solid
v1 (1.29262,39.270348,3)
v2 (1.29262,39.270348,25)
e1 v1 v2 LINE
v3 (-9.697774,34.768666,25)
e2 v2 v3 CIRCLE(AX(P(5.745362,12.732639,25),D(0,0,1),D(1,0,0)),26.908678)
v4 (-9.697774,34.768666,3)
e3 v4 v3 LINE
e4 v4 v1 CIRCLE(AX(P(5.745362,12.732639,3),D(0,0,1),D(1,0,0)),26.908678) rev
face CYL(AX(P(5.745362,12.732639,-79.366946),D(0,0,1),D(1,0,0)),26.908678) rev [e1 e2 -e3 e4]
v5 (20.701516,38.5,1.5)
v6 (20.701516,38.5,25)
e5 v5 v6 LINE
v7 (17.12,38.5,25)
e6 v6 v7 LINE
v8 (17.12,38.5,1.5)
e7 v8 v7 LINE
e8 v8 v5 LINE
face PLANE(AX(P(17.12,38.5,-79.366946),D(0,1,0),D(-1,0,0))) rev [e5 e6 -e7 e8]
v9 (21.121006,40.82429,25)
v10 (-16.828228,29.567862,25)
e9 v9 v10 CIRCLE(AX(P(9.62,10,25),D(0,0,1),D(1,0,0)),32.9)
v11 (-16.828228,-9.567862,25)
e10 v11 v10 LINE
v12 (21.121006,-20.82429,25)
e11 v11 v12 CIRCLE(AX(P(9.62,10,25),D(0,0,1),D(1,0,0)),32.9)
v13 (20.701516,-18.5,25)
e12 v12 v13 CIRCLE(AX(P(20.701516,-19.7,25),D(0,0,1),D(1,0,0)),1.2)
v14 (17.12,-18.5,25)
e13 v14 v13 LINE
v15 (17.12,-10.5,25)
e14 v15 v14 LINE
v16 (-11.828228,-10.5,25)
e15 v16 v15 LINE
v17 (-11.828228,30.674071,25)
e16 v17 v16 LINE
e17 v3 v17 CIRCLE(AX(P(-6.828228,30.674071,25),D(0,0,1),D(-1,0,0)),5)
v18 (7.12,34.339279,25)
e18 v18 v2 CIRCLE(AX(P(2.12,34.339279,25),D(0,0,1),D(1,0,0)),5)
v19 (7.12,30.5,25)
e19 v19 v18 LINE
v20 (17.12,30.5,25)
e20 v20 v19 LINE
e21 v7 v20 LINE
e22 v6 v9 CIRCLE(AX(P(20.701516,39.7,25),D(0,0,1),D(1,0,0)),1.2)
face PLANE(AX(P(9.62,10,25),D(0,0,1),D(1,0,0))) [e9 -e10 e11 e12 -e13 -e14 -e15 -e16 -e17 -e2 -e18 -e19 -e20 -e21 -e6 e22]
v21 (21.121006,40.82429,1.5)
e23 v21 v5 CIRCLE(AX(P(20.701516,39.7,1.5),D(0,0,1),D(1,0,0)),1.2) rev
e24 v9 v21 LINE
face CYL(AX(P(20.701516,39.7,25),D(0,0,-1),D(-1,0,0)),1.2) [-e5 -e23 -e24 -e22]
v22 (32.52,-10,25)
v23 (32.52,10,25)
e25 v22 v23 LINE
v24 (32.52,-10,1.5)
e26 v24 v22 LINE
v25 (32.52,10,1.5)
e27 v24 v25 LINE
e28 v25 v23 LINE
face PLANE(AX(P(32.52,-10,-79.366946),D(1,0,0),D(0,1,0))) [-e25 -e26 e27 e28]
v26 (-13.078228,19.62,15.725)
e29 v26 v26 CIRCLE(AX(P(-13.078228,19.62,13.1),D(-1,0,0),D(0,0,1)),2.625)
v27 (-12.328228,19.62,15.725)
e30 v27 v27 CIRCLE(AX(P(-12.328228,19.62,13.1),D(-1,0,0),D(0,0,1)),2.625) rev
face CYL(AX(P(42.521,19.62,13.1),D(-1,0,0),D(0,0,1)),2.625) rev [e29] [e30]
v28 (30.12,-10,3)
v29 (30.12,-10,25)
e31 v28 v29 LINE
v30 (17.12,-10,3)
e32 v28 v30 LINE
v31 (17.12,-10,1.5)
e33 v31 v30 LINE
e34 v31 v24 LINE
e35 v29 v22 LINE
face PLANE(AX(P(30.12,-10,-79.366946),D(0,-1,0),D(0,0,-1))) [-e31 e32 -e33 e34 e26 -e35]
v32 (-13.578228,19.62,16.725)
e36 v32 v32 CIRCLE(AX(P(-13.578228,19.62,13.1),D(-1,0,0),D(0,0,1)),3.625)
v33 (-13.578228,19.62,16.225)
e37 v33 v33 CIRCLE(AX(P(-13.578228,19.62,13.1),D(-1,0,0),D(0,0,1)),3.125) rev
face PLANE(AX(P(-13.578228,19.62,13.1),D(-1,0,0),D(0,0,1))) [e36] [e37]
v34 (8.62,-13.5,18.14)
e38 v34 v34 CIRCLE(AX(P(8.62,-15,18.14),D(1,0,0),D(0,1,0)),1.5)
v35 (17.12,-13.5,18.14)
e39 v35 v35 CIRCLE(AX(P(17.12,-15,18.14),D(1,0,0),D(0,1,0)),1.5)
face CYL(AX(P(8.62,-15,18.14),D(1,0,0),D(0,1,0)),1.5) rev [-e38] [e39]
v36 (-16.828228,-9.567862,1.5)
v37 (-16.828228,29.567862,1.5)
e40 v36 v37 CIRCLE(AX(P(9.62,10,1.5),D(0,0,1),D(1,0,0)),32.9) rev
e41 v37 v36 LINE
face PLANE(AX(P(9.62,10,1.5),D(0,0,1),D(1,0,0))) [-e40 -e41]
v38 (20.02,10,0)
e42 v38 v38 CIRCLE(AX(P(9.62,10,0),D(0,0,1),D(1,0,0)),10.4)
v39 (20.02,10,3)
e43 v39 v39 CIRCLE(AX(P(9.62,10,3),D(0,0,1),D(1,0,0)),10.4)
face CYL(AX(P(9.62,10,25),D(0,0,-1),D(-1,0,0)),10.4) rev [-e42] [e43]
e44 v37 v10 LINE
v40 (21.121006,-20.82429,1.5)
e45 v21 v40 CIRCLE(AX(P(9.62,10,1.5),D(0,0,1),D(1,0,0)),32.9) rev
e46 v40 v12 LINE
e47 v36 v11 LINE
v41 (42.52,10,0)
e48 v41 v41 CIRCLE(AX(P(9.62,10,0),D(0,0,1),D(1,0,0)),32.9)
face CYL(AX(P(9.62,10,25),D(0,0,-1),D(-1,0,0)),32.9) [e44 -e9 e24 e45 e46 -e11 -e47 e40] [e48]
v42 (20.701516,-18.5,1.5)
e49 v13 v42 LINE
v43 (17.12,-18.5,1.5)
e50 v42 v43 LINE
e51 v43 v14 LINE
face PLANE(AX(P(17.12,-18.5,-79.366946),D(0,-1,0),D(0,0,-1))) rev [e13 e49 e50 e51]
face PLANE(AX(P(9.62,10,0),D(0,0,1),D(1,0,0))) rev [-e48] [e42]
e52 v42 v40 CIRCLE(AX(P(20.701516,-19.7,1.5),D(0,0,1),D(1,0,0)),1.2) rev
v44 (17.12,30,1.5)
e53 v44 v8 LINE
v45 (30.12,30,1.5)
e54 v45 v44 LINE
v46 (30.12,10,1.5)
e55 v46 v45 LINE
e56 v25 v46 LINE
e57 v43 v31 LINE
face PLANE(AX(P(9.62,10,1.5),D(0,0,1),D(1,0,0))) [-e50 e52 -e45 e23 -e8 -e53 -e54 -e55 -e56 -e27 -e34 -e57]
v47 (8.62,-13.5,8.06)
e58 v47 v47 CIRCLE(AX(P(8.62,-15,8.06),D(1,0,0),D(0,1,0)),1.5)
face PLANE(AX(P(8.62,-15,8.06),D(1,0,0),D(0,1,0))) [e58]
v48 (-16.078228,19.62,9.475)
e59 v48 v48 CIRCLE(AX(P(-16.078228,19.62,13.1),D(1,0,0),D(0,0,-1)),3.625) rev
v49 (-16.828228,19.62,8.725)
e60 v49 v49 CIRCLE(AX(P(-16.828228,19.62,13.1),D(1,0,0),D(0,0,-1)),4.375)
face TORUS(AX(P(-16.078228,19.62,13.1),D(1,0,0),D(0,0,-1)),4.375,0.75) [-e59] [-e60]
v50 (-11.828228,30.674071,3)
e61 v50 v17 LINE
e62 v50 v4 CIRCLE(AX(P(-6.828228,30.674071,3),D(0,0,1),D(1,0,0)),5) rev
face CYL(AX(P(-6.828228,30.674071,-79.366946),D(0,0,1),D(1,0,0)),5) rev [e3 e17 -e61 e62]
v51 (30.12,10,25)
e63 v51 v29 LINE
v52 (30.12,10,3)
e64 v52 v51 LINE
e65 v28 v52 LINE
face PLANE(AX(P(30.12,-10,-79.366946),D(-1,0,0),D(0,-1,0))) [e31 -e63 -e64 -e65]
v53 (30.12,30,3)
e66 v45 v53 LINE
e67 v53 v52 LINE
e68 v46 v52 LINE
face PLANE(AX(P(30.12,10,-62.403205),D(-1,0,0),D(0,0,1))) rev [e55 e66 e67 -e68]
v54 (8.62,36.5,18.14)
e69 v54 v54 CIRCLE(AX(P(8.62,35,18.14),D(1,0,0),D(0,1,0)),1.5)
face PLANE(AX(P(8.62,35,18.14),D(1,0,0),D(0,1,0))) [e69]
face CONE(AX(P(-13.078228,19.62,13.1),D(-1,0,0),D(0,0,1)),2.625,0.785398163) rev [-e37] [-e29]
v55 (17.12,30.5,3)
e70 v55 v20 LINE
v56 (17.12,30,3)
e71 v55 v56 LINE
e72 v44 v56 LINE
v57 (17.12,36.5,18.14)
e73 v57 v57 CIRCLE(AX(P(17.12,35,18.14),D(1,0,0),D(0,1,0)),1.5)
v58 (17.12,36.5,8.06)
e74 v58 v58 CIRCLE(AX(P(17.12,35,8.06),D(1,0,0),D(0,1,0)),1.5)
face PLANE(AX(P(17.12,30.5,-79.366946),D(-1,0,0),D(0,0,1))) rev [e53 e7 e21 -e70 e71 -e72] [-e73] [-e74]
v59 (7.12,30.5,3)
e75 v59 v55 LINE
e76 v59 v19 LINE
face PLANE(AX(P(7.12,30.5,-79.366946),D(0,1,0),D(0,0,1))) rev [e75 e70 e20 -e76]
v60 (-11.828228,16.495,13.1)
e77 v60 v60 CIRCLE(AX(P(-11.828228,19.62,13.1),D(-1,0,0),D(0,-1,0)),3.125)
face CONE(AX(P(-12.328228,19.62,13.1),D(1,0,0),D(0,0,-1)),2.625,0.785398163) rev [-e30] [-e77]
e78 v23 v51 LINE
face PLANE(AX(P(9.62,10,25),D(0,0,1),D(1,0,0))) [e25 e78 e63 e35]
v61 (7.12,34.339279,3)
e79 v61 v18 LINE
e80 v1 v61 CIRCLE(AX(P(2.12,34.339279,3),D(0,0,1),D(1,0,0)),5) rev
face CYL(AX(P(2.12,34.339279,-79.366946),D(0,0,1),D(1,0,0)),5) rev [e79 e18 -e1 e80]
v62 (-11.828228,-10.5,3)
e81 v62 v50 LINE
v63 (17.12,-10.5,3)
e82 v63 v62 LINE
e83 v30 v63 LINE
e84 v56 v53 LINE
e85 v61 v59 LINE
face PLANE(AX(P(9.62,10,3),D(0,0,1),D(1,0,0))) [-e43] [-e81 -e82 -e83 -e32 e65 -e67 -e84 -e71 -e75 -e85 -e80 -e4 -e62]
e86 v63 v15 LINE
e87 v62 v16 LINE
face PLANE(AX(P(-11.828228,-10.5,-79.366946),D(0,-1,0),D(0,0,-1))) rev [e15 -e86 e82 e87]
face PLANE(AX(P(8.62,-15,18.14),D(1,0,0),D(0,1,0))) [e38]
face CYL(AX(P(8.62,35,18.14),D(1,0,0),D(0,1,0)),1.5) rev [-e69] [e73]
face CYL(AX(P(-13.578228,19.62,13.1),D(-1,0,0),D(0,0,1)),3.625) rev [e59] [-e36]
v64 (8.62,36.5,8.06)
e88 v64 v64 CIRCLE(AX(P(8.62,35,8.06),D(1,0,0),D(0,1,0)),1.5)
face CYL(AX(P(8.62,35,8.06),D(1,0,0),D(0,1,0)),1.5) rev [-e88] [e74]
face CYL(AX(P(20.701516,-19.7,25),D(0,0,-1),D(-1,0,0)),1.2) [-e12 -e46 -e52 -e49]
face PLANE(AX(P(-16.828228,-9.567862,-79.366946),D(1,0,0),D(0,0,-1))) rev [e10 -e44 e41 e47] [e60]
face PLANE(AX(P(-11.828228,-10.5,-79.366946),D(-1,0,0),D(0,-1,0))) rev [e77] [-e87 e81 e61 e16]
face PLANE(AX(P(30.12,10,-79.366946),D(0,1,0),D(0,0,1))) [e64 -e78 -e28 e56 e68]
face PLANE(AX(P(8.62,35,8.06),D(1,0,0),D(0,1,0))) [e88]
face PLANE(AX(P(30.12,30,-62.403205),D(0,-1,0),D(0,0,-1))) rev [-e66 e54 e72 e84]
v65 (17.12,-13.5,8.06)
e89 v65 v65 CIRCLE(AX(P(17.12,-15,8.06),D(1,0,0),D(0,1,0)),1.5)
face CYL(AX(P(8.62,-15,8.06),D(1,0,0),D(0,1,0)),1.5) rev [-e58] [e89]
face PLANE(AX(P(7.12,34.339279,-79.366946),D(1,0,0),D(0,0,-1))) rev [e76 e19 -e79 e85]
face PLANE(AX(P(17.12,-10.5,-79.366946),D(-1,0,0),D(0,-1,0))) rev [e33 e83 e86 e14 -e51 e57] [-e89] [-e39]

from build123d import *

# Parameters (mm, degrees)
SKETCH2_R           = 32.9
SKETCH2_R_2         = 10.4
BOSS_EXTRUDE1_DEPTH = 25
SKETCH4_W           = 2.4
SKETCH4_H           = 20
CUT_EXTRUDE1_DEPTH  = 22
CUT_EXTRUDE2_DEPTH  = 1.5
SKETCH6_R           = 3.625
CUT_EXTRUDE3_DEPTH  = 3.25
FILLET1_R           = 0.75
CUT_EXTRUDE4_REACH  = 58.098
SKETCH7_R           = 2.625
CHAMFER1_SIZE       = 0.5
SKETCH8_R           = 1.5
CUT_EXTRUDE5_DEPTH  = 8.5
FILLET2_R           = 1.2


with BuildPart() as part:
    # Sketch2 → Boss-Extrude1 (new body)
    with BuildSketch(Plane.XY):
        with Locations((9.62, 10)):
            Circle(SKETCH2_R)
        with Locations((9.62, 10)):
            Circle(SKETCH2_R_2, mode=Mode.SUBTRACT)
    extrude(amount=BOSS_EXTRUDE1_DEPTH)

    # Sketch4 → Cut-Extrude1 (cut)
    with BuildSketch(Plane.XY.offset(25)):
        with BuildLine():
            Line((-11.82822809, -10.5), (17.12, -10.5))
            Line((17.12, -10.5), (17.12, -18.5))
            Line((17.12, -18.5), (26.056544649, -18.5))
            ThreePointArc((26.056544649, -18.5), (42.52, 10), (26.056544649, 38.5))
            Line((26.056544649, 38.5), (17.12, 38.5))
            Line((17.12, 38.5), (17.12, 30.5))
            Line((17.12, 30.5), (7.12, 30.5))
            Line((7.12, 30.5), (7.12, 34.339279361))
            ThreePointArc((7.12, 34.339279361), (5.349790899, 38.156143355), (1.292619701, 39.270348397))
            ThreePointArc((1.292619701, 39.270348397), (-4.45403874, 37.633425382), (-9.697773665, 34.768666365))
            ThreePointArc((-9.697773665, 34.768666365), (-11.263751051, 32.981913664), (-11.82822809, 30.674071368))
            Line((-11.82822809, 30.674071368), (-11.82822809, -10.5))
        make_face()
        with Locations((31.32, 0)):
            Rectangle(SKETCH4_W, SKETCH4_H, mode=Mode.SUBTRACT)
        with BuildLine():
            Line((-16.82822809, -9.567862195), (-16.82822809, 29.567862195))
            ThreePointArc((-16.82822809, 29.567862195), (-23.28, 10), (-16.82822809, -9.567862195))
        make_face()
    extrude(amount=-CUT_EXTRUDE1_DEPTH, mode=Mode.SUBTRACT)

    # Sketch5 → Cut-Extrude2 (cut)
    with BuildSketch(Plane.XY.offset(3)):
        with BuildLine():
            Line((17.12, 38.5), (26.056544649, 38.5))
            ThreePointArc((26.056544649, 38.5), (42.52, 10), (26.056544649, -18.5))
            Line((26.056544649, -18.5), (17.12, -18.5))
            Line((17.12, -18.5), (17.12, -10))
            Line((17.12, -10), (32.52, -10))
            Line((32.52, -10), (32.52, 10))
            Line((32.52, 10), (30.12, 10))
            Line((30.12, 10), (30.12, 30))
            Line((30.12, 30), (17.12, 30))
            Line((17.12, 30), (17.12, 38.5))
        make_face()
        with BuildLine():
            Line((-16.82822809, -9.567862195), (-16.82822809, 29.567862195))
            ThreePointArc((-16.82822809, 29.567862195), (-23.28, 10), (-16.82822809, -9.567862195))
        make_face()
    extrude(amount=-CUT_EXTRUDE2_DEPTH, mode=Mode.SUBTRACT)

    # Sketch6 → Cut-Extrude3 (cut)
    with BuildSketch(Plane.ZY.offset(16.82822809)):
        with Locations((13.1, 19.62)):
            Circle(SKETCH6_R)
    extrude(amount=-CUT_EXTRUDE3_DEPTH, mode=Mode.SUBTRACT)

    # Fillet1
    fillet1_edges = [part.edges().sort_by_distance(p)[0] for p in [
        (-16.82822809, 19.62, 9.475),
    ]]
    fillet(fillet1_edges, radius=FILLET1_R)

    # Sketch7 → Cut-Extrude4 (cut, up to next)
    with BuildSketch(Plane.ZY.offset(13.57822809), mode=Mode.PRIVATE) as cut_extrude4_sk1:
        with Locations((13.1, 19.62)):
            Circle(SKETCH7_R)
    cut_extrude4_tool1 = extrude(cut_extrude4_sk1.sketch, amount=-CUT_EXTRUDE4_REACH, mode=Mode.PRIVATE) & part.part
    add(cut_extrude4_tool1.solids().sort_by_distance((-13.578228, 19.62, 13.1))[0], mode=Mode.SUBTRACT)

    # Chamfer1
    chamfer1_edges = [part.edges().sort_by_distance(p)[0] for p in [
        (-13.57822809, 19.62, 10.475),
        (-11.82822809, 19.62, 10.475),
    ]]
    chamfer(chamfer1_edges, length=CHAMFER1_SIZE)

    # Sketch8 → Cut-Extrude5 (cut)
    with BuildSketch(Plane(origin=(17.12, 0, 0), x_dir=(0, 0, -1), z_dir=(1, 0, 0))):
        with Locations((-18.14, -15)):
            Circle(SKETCH8_R)
        with Locations((-8.06, -15)):
            Circle(SKETCH8_R)
        with Locations((-18.14, 35)):
            Circle(SKETCH8_R)
        with Locations((-8.06, 35)):
            Circle(SKETCH8_R)
    extrude(amount=-CUT_EXTRUDE5_DEPTH, mode=Mode.SUBTRACT)

    # Fillet2
    fillet2_edges = [part.edges().sort_by_distance(p)[0] for p in [
        (26.056544649, -18.5, 13.25),
        (26.056544649, 38.5, 13.25),
    ]]
    fillet(fillet2_edges, radius=FILLET2_R)


solid = part.part
